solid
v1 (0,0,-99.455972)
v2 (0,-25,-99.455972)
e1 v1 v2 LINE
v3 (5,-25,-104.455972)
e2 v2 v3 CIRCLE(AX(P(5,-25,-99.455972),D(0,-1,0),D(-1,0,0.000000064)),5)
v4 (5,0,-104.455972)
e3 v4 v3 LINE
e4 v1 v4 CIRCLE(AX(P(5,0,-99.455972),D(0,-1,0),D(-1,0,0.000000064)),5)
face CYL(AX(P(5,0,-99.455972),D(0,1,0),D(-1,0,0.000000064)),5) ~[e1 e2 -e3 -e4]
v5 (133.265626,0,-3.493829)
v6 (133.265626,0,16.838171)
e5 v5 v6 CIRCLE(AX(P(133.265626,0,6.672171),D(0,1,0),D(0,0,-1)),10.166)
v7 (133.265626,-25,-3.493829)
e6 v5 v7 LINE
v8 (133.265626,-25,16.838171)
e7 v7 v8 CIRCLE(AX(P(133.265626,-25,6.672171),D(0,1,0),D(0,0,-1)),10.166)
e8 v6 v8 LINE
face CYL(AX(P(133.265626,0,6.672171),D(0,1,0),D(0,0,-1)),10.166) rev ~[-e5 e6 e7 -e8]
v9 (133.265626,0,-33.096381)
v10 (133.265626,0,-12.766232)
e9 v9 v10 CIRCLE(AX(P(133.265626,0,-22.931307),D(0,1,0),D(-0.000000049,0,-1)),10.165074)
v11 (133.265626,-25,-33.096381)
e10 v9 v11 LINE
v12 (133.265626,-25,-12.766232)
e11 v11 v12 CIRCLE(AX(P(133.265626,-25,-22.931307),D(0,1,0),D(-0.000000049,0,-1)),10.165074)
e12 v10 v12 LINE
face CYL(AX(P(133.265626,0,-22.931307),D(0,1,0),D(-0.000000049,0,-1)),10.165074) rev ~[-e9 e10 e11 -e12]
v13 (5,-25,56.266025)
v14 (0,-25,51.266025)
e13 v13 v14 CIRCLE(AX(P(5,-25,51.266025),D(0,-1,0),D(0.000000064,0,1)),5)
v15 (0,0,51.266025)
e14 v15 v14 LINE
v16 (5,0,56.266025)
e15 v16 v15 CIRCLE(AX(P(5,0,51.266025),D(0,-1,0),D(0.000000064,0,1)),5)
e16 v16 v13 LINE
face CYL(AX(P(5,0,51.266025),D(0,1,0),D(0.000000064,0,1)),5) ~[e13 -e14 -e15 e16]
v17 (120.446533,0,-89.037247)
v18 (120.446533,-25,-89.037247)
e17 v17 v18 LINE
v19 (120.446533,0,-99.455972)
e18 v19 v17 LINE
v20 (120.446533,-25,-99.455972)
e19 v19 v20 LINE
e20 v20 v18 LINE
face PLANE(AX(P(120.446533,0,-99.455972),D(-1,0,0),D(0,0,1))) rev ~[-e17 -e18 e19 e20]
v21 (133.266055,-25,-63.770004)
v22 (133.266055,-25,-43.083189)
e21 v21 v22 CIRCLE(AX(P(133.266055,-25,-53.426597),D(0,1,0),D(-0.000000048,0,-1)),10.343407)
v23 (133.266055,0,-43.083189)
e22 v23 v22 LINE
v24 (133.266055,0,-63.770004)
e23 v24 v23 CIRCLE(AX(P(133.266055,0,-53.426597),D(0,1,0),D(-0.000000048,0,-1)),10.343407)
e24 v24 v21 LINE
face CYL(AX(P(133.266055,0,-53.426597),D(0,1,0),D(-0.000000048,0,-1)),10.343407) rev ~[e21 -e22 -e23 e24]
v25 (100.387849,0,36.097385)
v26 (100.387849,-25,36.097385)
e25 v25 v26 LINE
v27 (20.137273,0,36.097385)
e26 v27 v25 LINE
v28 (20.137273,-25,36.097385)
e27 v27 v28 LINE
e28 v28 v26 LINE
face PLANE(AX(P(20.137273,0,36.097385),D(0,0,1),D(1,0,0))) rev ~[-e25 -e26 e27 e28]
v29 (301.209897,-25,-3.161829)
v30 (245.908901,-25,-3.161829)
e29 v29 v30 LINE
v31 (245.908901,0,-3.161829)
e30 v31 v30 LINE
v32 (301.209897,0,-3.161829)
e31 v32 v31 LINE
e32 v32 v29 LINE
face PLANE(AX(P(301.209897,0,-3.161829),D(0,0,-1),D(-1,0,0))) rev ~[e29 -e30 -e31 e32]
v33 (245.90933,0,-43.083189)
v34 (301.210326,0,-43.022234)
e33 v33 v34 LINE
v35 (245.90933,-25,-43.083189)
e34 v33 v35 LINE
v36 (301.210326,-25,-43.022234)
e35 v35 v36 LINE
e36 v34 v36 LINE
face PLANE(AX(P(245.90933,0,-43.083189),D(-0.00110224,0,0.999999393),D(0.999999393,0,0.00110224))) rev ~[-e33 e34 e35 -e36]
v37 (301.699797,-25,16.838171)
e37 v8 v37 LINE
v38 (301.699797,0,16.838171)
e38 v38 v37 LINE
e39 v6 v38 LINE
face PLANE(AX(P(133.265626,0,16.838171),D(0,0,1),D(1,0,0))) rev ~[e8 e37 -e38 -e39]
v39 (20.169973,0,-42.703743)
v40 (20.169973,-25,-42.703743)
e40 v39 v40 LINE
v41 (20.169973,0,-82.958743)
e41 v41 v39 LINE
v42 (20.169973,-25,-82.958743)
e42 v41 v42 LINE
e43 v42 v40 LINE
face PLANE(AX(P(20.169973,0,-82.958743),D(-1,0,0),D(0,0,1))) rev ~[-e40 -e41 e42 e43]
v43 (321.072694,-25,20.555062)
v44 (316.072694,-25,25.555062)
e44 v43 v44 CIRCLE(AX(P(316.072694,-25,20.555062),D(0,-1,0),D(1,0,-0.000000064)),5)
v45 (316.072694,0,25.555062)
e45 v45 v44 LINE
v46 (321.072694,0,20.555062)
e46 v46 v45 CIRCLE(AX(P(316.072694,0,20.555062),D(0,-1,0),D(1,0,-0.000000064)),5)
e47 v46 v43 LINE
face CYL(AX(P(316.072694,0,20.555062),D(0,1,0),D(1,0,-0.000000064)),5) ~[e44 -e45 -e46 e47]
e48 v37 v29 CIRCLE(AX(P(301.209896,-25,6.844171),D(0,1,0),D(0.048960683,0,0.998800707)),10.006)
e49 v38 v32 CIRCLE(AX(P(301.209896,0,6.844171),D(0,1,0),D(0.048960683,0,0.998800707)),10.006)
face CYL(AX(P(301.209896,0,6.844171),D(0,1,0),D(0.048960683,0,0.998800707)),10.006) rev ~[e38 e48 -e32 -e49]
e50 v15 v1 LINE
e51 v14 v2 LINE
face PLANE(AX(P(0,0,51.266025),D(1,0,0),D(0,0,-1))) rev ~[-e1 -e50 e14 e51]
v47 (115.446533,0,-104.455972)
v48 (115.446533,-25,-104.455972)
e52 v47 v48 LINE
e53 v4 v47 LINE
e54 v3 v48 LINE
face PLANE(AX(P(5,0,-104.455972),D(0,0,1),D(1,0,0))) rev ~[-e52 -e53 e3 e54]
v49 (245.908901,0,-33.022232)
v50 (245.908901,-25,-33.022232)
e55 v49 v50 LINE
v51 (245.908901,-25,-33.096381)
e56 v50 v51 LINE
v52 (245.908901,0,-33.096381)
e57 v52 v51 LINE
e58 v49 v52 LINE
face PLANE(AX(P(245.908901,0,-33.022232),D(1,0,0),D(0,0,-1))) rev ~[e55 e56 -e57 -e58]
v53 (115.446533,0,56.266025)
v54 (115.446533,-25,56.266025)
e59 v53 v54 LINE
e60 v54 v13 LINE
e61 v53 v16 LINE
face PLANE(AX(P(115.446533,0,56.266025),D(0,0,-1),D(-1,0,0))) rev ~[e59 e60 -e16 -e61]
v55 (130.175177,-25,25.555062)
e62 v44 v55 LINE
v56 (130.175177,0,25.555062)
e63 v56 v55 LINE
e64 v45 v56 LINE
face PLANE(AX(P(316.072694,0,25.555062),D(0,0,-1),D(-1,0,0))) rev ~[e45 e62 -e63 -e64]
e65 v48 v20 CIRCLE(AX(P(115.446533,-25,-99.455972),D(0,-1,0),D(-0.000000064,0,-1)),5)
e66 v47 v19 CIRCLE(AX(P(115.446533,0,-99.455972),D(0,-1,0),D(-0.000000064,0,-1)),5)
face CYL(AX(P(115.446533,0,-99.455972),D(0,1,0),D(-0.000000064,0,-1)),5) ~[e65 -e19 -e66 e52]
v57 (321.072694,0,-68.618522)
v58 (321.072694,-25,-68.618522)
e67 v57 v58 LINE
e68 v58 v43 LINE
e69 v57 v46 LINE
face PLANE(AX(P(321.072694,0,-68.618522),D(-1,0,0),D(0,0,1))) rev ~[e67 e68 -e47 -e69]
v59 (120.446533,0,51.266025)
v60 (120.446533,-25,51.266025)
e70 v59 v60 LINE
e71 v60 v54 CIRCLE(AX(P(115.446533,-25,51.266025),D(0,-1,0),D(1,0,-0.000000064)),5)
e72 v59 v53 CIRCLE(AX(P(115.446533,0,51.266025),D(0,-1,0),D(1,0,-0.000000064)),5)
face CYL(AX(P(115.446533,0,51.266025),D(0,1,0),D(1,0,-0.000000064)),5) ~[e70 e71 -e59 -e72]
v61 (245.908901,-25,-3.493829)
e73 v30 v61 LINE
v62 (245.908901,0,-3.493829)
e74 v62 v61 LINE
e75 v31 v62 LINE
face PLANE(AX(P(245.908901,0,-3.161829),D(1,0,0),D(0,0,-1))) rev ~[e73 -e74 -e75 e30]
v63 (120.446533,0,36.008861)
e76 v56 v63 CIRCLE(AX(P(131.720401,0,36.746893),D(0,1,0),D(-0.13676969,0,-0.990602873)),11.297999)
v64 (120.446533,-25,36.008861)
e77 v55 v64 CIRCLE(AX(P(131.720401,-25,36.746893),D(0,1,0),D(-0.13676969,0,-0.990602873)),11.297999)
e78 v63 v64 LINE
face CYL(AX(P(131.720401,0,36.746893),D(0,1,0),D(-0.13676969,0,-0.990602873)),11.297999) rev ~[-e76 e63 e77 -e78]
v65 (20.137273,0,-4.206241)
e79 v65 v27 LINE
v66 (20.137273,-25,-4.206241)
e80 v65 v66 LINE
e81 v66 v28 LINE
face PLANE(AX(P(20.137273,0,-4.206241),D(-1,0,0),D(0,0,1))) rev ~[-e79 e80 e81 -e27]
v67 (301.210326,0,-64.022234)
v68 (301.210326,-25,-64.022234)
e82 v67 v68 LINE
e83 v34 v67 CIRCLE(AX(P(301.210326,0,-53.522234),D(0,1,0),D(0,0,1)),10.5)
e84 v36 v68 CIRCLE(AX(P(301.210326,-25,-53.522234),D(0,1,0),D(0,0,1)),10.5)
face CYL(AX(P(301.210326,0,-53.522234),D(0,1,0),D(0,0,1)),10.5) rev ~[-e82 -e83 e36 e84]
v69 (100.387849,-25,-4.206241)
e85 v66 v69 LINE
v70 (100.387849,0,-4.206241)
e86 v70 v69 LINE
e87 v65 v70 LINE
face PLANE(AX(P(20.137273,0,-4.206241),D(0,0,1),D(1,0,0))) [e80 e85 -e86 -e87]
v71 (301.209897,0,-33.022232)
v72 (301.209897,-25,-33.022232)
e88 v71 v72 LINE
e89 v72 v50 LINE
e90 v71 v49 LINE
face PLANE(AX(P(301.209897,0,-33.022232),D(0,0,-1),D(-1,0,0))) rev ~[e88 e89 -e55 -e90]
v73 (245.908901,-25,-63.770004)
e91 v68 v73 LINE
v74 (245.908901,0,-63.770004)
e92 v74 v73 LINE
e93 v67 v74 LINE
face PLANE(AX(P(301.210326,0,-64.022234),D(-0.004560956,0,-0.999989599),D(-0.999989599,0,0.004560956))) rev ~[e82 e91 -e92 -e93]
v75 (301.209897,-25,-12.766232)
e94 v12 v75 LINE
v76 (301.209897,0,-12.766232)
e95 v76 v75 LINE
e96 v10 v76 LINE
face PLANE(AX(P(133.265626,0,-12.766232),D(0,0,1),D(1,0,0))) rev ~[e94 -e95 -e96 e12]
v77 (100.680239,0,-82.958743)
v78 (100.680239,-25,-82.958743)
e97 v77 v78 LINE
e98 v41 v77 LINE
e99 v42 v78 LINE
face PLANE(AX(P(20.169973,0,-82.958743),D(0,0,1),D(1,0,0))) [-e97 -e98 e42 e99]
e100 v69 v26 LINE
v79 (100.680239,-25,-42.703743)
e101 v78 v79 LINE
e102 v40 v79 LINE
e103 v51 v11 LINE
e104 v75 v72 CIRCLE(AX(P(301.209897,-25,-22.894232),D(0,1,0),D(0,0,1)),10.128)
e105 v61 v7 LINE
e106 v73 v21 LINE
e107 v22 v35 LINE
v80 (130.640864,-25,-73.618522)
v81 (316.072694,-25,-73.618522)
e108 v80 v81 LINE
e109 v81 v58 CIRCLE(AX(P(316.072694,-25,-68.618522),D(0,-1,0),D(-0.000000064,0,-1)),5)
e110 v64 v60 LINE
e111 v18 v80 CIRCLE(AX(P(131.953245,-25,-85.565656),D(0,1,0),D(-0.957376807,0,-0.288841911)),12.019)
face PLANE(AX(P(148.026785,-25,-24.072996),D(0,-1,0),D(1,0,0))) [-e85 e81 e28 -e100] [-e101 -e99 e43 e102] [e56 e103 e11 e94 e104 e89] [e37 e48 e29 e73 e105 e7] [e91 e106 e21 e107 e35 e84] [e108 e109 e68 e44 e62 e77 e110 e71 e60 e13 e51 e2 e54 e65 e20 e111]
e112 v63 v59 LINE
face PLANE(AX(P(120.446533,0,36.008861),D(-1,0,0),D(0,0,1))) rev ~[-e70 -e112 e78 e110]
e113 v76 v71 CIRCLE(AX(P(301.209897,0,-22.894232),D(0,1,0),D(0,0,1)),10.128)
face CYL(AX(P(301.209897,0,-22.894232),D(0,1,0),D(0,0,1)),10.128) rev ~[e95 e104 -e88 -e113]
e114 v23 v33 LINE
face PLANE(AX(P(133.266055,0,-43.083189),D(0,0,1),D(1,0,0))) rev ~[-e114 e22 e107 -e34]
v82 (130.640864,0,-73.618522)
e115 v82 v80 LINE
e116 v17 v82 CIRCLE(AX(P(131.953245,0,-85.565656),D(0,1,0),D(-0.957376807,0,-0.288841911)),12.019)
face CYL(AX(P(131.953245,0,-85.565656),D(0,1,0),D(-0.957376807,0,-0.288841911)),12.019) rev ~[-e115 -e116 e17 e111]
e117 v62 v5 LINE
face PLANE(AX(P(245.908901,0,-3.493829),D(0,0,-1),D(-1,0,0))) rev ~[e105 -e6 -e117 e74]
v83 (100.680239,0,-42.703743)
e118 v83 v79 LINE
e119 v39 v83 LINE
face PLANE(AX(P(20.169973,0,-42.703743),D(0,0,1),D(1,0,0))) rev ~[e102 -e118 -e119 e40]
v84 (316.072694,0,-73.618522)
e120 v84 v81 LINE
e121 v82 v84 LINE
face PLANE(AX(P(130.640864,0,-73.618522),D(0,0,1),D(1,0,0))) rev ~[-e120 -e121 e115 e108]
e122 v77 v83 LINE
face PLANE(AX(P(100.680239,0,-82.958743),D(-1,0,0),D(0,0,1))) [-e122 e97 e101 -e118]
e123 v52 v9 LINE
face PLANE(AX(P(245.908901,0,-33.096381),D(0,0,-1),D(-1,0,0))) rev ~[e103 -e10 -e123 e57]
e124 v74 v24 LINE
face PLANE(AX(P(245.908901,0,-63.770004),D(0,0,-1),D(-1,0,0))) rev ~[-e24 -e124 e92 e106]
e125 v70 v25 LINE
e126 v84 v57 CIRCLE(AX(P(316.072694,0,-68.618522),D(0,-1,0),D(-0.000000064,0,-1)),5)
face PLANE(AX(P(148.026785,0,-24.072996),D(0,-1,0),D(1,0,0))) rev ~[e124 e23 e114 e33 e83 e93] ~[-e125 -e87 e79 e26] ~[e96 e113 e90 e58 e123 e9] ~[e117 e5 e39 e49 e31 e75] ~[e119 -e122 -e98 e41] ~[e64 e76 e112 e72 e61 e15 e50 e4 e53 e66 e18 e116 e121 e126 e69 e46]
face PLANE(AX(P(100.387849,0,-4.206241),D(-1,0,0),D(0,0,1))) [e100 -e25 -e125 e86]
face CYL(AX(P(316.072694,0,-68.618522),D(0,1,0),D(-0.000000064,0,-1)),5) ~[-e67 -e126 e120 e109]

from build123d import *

# Parameters (mm, degrees)
F0_W     = 80.510266
F0_H     = 40.255
F0_W_2   = 80.250576
F0_H_2   = 40.303626
F1_DEPTH = 25


with BuildPart() as f1:
    # F0 (on Front) → F1 (new body)
    with BuildSketch(Plane.XZ):
        with BuildLine():
            ThreePointArc((5, 56.266025), (1.464466, 54.801559), (0, 51.266025))
            Line((0, 51.266025), (0, -99.455972))
            ThreePointArc((0, -99.455972), (1.464466, -102.991506), (5, -104.455972))
            Line((5, -104.455972), (115.446533, -104.455972))
            ThreePointArc((115.446533, -104.455972), (118.982067, -102.991506), (120.446533, -99.455972))
            Line((120.446533, -99.455972), (120.446533, -89.037247))
            ThreePointArc((120.446533, -89.037247), (121.92745, -78.936946), (130.640864, -73.618522))
            ThreePointArc((130.640864, -73.618522), (131.953245, -73.546657), (133.265626, -73.618522))
            Line((133.265626, -73.618522), (316.072694, -73.618522))
            ThreePointArc((316.072694, -73.618522), (319.608228, -72.154056), (321.072694, -68.618522))
            Line((321.072694, -68.618522), (321.072694, 20.555062))
            ThreePointArc((321.072694, 20.555062), (319.608228, 24.090596), (316.072694, 25.555062))
            Line((316.072694, 25.555062), (133.265626, 25.555062))
            ThreePointArc((133.265626, 25.555062), (131.720402, 25.448893), (130.175177, 25.555062))
            ThreePointArc((130.175177, 25.555062), (123.449805, 29.050008), (120.446533, 36.008861))
            Line((120.446533, 36.008861), (120.446533, 51.266025))
            ThreePointArc((120.446533, 51.266025), (118.982067, 54.801559), (115.446533, 56.266025))
            Line((115.446533, 56.266025), (5, 56.266025))
        make_face()
        with Locations((60.425106, -62.831243)):
            Rectangle(F0_W, F0_H, mode=Mode.SUBTRACT)
        with BuildLine():
            Line((133.266055, -43.083189), (245.90933, -43.083189))
            Line((245.90933, -43.083189), (301.210326, -43.022234))
            ThreePointArc((301.210326, -43.022234), (311.710326, -53.522234), (301.210326, -64.022234))
            Line((301.210326, -64.022234), (245.908901, -63.770004))
            Line((245.908901, -63.770004), (133.266055, -63.770004))
            ThreePointArc((133.266055, -63.770004), (122.922648, -53.426596), (133.266055, -43.083189))
        make_face(mode=Mode.SUBTRACT)
        with Locations((60.262561, 15.945572)):
            Rectangle(F0_W_2, F0_H_2, mode=Mode.SUBTRACT)
        with BuildLine():
            Line((245.908901, -33.022232), (245.908901, -33.096381))
            Line((245.908901, -33.096381), (133.265626, -33.096381))
            ThreePointArc((133.265626, -33.096381), (123.100552, -22.931306), (133.265626, -12.766232))
            Line((133.265626, -12.766232), (245.908901, -12.766232))
            Line((245.908901, -12.766232), (301.209897, -12.766232))
            ThreePointArc((301.209897, -12.766232), (311.337897, -22.894232), (301.209897, -33.022232))
            Line((301.209897, -33.022232), (245.908901, -33.022232))
        make_face(mode=Mode.SUBTRACT)
        with BuildLine():
            Line((245.908901, -3.161829), (245.908901, -3.493829))
            Line((245.908901, -3.493829), (133.265626, -3.493829))
            ThreePointArc((133.265626, -3.493829), (123.099626, 6.672171), (133.265626, 16.838171))
            Line((133.265626, 16.838171), (245.908901, 16.838171))
            Line((245.908901, 16.838171), (301.699797, 16.838171))
            ThreePointArc((301.699797, 16.838171), (311.212896, 6.599148), (301.209897, -3.161829))
            Line((301.209897, -3.161829), (245.908901, -3.161829))
        make_face(mode=Mode.SUBTRACT)
        with BuildLine():
            Line((133.265626, 25.555062), (130.175177, 25.555062))
            ThreePointArc((130.175177, 25.555062), (131.720402, 25.448893), (133.265626, 25.555062))
        make_face()
        with BuildLine():
            ThreePointArc((133.265626, -73.618522), (131.953245, -73.546657), (130.640864, -73.618522))
            Line((130.640864, -73.618522), (133.265626, -73.618522))
        make_face()
    extrude(amount=F1_DEPTH)


solid = f1.part
